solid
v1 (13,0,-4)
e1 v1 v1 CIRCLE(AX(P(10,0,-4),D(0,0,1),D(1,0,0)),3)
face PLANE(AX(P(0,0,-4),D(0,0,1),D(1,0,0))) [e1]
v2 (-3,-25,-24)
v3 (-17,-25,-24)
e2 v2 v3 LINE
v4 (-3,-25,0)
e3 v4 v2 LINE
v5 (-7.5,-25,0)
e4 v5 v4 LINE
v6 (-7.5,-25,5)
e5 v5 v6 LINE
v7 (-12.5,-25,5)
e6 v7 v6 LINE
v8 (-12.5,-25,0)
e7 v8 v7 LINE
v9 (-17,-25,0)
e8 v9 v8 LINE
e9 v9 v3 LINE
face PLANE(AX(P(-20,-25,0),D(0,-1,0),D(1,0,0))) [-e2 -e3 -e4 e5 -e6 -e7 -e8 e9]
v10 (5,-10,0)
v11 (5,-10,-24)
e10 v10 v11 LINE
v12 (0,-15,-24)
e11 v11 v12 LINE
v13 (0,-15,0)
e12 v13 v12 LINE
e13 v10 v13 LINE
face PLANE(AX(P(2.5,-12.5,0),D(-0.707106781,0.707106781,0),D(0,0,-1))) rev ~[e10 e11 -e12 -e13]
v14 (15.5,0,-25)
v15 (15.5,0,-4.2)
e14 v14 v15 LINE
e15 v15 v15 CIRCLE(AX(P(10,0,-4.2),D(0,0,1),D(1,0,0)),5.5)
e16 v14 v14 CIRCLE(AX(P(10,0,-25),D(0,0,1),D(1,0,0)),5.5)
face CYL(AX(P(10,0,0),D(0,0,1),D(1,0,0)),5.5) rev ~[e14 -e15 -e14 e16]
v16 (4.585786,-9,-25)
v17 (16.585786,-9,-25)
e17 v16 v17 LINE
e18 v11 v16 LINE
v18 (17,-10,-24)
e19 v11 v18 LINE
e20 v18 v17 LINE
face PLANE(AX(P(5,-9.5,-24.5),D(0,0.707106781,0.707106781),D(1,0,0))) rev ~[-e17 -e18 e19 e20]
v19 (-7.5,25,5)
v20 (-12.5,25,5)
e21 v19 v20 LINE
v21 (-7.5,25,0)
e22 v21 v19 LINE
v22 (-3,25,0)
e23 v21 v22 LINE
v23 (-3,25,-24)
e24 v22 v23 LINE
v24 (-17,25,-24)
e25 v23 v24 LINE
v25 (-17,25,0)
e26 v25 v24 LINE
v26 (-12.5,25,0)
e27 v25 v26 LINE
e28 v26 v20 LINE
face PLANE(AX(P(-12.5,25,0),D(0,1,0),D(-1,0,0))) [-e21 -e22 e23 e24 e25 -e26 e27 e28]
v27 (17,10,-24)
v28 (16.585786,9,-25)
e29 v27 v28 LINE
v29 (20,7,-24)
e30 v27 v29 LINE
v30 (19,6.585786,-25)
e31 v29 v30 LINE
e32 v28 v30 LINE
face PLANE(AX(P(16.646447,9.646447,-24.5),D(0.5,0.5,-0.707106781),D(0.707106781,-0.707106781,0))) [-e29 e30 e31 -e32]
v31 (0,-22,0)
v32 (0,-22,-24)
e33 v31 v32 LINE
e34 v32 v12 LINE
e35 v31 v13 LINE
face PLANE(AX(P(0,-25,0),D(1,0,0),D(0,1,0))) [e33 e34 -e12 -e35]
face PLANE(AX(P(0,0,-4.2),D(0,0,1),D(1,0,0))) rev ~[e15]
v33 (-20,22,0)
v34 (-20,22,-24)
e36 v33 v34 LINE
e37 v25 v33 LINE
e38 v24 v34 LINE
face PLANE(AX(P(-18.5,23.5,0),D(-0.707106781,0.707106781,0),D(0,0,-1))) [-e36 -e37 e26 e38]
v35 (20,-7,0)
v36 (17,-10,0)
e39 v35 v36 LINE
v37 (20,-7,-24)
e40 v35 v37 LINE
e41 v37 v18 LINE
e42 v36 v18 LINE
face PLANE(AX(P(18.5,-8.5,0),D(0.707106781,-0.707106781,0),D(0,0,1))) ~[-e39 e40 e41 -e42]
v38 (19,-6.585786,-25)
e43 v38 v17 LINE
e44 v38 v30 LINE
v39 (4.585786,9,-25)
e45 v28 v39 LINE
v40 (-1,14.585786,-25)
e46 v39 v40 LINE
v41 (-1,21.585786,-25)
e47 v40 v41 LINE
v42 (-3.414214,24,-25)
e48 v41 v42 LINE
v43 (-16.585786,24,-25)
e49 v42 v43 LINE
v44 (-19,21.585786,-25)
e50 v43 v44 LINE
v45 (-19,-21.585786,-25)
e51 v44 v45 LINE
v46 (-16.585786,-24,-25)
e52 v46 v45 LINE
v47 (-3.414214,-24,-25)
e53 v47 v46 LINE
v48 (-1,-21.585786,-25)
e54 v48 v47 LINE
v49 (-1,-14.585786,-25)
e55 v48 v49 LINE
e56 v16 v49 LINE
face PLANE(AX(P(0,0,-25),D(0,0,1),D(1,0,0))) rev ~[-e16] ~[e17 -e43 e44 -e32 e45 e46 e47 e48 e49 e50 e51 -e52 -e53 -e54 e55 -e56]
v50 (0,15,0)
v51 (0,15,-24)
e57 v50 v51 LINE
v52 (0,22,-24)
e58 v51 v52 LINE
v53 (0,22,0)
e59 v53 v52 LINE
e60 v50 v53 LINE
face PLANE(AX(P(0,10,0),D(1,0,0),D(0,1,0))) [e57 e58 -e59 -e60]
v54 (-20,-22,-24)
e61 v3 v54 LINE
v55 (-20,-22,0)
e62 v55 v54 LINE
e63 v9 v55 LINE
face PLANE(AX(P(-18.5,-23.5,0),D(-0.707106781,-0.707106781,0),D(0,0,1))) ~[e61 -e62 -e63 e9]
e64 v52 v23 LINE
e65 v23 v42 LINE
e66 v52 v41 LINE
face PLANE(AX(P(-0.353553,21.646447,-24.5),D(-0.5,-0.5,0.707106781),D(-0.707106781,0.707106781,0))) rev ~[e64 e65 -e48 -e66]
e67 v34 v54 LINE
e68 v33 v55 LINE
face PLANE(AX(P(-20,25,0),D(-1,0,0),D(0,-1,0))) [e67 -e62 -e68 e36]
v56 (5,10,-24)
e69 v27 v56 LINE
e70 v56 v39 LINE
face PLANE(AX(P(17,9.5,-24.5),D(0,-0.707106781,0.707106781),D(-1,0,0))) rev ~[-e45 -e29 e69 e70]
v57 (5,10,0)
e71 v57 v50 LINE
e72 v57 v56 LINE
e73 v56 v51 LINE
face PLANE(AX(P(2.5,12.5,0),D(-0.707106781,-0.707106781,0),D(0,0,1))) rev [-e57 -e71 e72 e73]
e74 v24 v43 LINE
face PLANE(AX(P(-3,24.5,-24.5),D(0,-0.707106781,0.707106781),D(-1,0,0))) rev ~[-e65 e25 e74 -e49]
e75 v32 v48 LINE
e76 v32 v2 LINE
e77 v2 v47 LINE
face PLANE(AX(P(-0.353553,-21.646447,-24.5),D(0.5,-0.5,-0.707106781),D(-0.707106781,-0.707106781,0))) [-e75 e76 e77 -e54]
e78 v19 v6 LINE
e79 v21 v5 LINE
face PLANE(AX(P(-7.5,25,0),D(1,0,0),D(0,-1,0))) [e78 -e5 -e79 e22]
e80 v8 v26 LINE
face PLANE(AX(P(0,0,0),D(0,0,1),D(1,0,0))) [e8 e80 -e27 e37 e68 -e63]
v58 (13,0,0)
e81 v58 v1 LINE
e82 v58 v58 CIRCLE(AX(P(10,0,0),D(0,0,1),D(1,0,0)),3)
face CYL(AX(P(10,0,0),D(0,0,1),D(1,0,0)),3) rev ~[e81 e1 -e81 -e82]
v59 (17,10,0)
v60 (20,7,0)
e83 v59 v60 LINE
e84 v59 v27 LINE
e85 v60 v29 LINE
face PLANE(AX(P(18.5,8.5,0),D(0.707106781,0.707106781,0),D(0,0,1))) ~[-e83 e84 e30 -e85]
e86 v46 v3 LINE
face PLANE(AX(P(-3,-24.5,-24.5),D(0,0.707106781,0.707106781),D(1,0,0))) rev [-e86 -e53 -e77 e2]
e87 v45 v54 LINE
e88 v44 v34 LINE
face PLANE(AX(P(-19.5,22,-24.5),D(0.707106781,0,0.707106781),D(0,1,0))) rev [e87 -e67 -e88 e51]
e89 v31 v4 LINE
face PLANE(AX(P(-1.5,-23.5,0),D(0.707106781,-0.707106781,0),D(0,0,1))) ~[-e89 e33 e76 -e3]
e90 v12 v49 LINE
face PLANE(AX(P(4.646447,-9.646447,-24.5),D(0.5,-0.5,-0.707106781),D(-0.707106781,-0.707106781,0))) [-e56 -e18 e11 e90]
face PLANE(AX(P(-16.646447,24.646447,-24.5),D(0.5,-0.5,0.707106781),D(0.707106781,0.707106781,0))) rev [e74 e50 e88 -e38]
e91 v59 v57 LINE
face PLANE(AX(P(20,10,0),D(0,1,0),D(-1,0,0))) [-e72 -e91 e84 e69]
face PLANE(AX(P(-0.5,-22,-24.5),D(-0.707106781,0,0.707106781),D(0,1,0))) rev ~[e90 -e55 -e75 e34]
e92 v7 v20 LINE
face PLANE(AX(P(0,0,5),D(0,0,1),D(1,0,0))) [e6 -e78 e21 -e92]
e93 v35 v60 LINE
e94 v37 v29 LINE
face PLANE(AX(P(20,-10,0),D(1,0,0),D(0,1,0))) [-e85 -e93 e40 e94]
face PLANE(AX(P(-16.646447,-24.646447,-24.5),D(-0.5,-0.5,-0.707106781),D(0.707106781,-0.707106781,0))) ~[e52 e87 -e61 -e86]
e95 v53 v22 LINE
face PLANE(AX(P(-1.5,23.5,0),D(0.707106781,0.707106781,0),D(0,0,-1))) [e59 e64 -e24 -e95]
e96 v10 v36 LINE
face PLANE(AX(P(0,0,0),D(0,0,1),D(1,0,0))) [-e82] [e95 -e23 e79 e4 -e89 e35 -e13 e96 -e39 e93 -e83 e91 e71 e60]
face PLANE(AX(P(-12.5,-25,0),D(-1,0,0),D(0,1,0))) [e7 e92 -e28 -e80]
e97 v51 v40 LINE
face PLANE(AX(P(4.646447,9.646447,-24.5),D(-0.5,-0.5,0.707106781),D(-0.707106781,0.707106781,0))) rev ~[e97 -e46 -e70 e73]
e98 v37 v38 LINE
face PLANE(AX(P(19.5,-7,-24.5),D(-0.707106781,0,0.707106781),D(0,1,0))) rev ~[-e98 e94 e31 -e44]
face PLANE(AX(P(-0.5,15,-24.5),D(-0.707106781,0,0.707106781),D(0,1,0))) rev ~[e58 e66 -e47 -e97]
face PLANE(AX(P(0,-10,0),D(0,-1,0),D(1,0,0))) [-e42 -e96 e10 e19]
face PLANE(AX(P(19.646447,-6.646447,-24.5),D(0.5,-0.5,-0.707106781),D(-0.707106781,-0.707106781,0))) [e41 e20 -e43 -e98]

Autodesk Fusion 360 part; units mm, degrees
sketch "Szkic1" plane through (0, 0, 0) normal (0, 0, 1) x (1, 0, 0)
  line L0 (-20, 25) -> (-20, -25)
  line L1 (-20, -25) -> (0, -25)
  line L2 (0, -25) -> (0, 25)
  line L3 (0, 25) -> (-20, 25)
  line L4 (0, 10) -> (0, -10)
  line L5 (0, -10) -> (20, -10)
  line L6 (20, -10) -> (20, 10)
  line L7 (20, 10) -> (0, 10)
  circle A0 centre (10, 0) radius 3
  circle A1 centre (10, 0) radius 5.5
  line L8 (-12.5, 25) -> (-7.5, 25)
  line L9 (-7.5, 25) -> (-7.5, -25)
  line L10 (-7.5, -25) -> (-12.5, -25)
  line L11 (-12.5, -25) -> (-12.5, 25)
  dimension "d1" = 6
  dimension "d2" = 11
extrude "Wyciągnięcie proste1" add sketch "Szkic1" against normal blind 25 contours L0 L1 L3 L11 | L1 L3 L8 L9 L10 L11 | L1 L2 L3 L4 L9 | L2 L4 L5 L6 L7
extrude "Wyciągnięcie proste2" add sketch "Szkic1" against normal blind 4.2 contours A0 | A1
extrude "Wyciągnięcie proste3" cut sketch "Szkic1" against normal blind 4 contours A0
extrude "Wyciągnięcie proste4" add sketch "Szkic1" along normal blind 5 contours L1 L3 L8 L9 L10 L11
chamfer "Fazowanie1" distance 5 angle 45 1 edges at (0, -10, -12.5)
chamfer "Fazowanie2" distance 5 angle 45 1 edges at (0, 10, -12.5)
chamfer "Fazowanie3" distance 3 angle 45 6 edges at (20, 10, -12.5) (20, -10, -12.5) (0, 25, -12.5) (-20, 25, -12.5) (-20, -25, -12.5) (0, -25, -12.5)
chamfer "Fazowanie4" distance 1 angle 45 1 faces at (-11.8333, 0, -25)
delete_face "Usuń powierzchnię1" 1 faces at (16.159, -0.3074, -24.6667)
